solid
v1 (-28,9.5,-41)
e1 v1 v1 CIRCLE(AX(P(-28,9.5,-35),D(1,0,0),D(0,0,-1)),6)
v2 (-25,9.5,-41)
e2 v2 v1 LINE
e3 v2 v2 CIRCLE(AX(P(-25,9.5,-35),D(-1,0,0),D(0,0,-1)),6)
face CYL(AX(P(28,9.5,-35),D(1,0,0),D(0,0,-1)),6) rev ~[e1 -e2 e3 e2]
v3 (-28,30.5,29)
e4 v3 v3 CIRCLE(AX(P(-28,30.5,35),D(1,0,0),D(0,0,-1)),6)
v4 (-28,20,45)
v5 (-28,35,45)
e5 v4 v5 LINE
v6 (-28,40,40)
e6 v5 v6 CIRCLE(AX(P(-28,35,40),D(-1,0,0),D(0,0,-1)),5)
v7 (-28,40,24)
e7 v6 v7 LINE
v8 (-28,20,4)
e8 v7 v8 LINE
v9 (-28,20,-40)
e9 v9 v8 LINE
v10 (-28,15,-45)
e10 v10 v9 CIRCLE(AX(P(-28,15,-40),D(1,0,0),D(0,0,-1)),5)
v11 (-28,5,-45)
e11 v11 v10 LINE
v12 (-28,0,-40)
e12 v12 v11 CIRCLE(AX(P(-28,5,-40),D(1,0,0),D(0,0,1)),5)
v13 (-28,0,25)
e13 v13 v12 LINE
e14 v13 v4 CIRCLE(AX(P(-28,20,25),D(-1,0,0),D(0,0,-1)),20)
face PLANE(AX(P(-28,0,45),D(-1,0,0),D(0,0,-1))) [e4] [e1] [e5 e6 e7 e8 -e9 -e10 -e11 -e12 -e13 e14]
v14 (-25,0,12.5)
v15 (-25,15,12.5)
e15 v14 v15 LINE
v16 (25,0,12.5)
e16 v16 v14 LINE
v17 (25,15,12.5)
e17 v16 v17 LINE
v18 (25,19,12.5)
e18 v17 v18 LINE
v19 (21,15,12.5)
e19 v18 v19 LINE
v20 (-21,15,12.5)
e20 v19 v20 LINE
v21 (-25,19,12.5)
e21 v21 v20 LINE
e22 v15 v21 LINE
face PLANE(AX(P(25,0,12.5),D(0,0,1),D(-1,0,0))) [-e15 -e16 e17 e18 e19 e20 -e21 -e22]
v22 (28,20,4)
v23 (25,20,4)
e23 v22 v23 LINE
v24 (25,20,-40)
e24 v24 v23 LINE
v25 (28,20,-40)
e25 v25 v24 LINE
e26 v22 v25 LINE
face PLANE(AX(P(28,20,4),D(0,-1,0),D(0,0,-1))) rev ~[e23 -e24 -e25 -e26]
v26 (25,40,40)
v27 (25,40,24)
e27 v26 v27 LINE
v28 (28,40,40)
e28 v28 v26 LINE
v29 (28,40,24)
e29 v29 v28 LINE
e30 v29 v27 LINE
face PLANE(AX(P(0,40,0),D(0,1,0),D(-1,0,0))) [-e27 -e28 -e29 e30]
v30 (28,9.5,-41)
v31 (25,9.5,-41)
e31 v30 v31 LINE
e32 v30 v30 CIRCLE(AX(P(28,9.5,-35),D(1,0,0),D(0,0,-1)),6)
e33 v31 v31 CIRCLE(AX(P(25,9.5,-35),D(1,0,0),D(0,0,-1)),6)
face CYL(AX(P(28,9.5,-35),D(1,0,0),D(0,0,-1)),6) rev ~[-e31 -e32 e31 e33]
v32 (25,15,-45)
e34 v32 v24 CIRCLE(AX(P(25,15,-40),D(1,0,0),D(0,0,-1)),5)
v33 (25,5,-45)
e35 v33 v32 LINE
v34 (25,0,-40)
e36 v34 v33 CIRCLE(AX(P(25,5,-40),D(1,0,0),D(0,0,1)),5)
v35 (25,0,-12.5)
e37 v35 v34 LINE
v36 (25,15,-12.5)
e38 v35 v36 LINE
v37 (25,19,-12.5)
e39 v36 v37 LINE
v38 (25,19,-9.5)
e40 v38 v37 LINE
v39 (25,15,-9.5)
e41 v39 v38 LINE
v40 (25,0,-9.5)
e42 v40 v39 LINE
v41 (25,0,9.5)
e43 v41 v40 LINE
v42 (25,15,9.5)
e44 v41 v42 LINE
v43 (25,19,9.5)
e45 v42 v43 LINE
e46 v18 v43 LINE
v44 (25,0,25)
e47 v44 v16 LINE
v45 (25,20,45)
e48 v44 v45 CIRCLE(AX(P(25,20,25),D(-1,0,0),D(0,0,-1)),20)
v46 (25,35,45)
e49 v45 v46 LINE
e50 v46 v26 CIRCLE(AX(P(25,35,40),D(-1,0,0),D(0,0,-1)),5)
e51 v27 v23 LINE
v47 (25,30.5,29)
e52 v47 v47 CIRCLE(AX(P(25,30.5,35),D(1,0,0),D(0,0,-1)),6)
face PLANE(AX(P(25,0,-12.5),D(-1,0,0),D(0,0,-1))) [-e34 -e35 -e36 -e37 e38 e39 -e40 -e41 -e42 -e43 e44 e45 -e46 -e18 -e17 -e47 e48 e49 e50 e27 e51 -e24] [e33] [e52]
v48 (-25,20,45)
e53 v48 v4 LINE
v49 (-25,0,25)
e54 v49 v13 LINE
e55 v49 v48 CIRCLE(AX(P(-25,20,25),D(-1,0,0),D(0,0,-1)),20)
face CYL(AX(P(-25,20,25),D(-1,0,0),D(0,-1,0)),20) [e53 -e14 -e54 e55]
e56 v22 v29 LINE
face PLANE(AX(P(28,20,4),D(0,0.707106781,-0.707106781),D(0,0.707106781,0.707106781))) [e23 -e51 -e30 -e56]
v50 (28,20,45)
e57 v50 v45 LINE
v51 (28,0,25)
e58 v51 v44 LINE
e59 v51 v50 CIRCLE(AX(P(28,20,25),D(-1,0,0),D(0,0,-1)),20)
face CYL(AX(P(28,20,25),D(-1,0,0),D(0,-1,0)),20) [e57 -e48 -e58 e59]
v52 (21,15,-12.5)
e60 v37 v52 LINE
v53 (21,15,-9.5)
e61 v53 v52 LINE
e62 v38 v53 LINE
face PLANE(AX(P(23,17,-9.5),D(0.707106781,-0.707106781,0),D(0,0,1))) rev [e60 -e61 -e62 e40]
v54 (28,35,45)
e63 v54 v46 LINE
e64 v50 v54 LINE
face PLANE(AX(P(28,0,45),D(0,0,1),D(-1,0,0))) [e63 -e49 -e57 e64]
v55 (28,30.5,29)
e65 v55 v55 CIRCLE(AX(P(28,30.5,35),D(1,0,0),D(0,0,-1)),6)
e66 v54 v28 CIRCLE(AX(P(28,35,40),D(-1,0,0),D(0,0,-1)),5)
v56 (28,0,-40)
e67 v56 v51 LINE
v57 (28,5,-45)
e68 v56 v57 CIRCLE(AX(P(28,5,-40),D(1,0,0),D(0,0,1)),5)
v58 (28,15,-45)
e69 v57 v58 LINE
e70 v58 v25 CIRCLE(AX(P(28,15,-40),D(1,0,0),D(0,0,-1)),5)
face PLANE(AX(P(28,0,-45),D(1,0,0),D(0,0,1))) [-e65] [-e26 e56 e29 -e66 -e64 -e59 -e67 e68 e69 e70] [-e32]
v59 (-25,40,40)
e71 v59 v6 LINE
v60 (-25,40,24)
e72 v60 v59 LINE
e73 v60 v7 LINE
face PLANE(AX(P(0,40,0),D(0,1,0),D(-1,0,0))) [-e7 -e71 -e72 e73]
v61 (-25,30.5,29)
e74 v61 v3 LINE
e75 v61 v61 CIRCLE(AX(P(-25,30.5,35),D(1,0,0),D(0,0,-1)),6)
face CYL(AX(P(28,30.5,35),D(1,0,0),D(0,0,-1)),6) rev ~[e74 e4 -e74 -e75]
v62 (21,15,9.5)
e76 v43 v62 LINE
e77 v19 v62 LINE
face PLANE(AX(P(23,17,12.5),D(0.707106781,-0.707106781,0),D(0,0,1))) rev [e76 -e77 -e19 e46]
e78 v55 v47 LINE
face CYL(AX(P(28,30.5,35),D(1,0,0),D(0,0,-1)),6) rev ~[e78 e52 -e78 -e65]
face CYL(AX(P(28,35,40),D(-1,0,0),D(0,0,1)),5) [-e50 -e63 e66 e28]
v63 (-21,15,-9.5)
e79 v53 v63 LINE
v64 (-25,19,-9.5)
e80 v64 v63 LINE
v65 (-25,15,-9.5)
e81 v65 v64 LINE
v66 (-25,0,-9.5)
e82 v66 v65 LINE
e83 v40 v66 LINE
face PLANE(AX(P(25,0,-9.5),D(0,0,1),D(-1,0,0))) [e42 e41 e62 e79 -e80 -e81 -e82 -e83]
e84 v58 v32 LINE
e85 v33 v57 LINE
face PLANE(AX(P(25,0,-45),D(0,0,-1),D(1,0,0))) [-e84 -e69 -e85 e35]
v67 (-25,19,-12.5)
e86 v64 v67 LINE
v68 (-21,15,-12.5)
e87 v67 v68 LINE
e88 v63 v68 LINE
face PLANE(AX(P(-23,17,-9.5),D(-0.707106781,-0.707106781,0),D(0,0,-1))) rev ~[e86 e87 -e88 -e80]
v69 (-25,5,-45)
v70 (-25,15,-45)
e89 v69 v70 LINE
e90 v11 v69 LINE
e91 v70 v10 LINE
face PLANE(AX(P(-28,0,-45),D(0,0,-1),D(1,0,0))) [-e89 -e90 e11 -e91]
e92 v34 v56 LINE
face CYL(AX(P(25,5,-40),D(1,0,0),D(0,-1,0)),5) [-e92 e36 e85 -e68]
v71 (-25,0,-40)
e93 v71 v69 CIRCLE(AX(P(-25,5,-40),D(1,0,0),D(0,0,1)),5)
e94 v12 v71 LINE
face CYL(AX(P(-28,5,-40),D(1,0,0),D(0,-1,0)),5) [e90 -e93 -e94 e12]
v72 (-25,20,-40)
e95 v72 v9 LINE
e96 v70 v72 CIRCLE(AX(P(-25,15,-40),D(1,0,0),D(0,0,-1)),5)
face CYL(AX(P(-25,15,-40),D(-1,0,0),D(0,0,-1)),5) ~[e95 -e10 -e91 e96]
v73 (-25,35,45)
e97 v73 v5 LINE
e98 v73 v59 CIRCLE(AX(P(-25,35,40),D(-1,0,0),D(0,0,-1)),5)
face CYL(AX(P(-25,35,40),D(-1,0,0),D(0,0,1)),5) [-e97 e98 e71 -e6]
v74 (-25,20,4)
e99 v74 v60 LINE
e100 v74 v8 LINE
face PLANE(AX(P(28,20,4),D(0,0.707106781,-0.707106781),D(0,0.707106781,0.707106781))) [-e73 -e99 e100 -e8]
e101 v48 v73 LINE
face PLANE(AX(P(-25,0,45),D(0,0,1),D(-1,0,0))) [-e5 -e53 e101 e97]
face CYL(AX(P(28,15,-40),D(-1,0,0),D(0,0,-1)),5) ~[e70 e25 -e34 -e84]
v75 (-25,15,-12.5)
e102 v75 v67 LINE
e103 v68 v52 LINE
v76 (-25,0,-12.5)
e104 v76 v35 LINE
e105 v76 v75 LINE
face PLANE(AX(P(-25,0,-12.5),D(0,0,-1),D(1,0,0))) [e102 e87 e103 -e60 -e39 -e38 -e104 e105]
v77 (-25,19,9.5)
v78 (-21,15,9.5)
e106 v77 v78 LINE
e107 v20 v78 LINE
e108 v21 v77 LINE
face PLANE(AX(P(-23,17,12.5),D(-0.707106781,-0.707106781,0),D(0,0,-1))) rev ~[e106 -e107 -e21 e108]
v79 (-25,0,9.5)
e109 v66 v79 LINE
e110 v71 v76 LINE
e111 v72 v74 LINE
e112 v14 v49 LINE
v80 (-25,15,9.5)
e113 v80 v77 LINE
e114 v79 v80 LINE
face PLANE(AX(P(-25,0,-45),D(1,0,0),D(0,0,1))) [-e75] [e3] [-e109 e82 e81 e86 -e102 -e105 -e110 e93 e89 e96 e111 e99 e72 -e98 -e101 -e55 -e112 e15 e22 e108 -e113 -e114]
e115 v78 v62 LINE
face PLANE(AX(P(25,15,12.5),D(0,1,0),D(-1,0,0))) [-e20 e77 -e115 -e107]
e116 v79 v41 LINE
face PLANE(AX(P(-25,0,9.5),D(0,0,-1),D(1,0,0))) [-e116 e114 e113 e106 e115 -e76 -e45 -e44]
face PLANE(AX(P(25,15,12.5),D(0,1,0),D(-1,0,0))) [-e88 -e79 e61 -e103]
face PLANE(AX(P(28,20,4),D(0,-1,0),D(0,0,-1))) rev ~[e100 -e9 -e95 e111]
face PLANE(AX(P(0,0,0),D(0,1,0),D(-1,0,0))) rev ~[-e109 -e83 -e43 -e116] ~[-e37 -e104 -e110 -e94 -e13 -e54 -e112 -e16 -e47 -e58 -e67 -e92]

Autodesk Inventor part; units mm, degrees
ref_plane "YZ Plane" through (0, 0, 0) normal (1, 0, 0) x (0, 1, 0)
ref_plane "XZ Plane" through (0, 0, 0) normal (0, 1, 0) x (-1, 0, 0)
ref_plane "XY Plane" through (0, 0, 0) normal (0, 0, 1) x (1, 0, 0)
sketch "Esquisse1" plane through (0, 0, 0) normal (0, 1, 0) x (-1, 0, 0)
  line L0 (-25, -45) -> (-28, -45)
  line L1 (-28, -45) -> (-28, 45)
  line L2 (-28, 45) -> (-25, 45)
  line L3 (-25, 45) -> (-25, -45)
  line L4 (25, 45) -> (28, 45)
  line L5 (28, 45) -> (28, -45)
  line L6 (28, -45) -> (25, -45)
  line L7 (25, -45) -> (25, 45)
  line L8 (-25, 12.5) -> (25, 12.5)
  line L9 (25, 12.5) -> (25, 9.5)
  line L10 (25, 9.5) -> (-25, 9.5)
  line L11 (-25, 9.5) -> (-25, 12.5)
  line L12 (-25, -9.5) -> (25, -9.5)
  line L13 (25, -9.5) -> (25, -12.5)
  line L14 (25, -12.5) -> (-25, -12.5)
  line L15 (-25, -12.5) -> (-25, -9.5)
  point P0 (0, 0)
  dimension "d0" = 50
  dimension "d1" = 3
  dimension "d2" = 3
  dimension "d3" = 3
  dimension "d4" = 3
  dimension "d5" = 25
  dimension "d6" = 90
  dimension "d7" = 25
  dimension "d9" = 45
  dimension "d10" = 12.5
extrude "Extrusion1" add sketch "Esquisse1" along normal blind 40 contours L0 L1 L2 L3 | L3 L12 L7 L14 | L7 L4 L5 L6 | L3 L8 L7 L10
sketch "Esquisse2" plane through (28, 0, 45) normal (1, 0, 0) x (0, 0, -1)
  line L0 (90, 0) -> (90, 40) projected
  line L1 (0, 0) -> (0, 40) projected
  circle A0 centre (80, 9.5) radius 6
  line L2 (0, 40) -> (90, 40) projected
  line L3 (80, 9.5) -> (10, 9.5) construction
  line L4 (10, 9.5) -> (10, 30.5) construction
  line L5 (10, 30.5) -> (80, 30.5) construction
  line L6 (80, 30.5) -> (80, 9.5) construction
  circle A1 centre (10, 30.5) radius 6
  line L7 (0, 0) -> (90, 0) projected
  line L8 (90, 40) -> (41, 40)
  line L9 (41, 40) -> (41, 20)
  line L10 (41, 20) -> (90, 20)
  line L11 (90, 20) -> (90, 40)
  line L12 (41, 40) -> (21, 40)
  line L13 (21, 40) -> (21, 20) construction
  line L14 (21, 20) -> (41, 20) construction
  line L15 (41, 20) -> (41, 40)
  line L16 (41, 20) -> (21, 40)
  point P0 (45, 0)
  dimension "d14" = 12
  dimension "d21" = 10
  dimension "d22" = 10
  dimension "d23" = 12
  dimension "d24" = 21
  dimension "d25" = 9.5
  dimension "d26" = 40
  dimension "d27" = 20
  dimension "d28" = 20
  dimension "d29" = 21
extrude "Extrusion2" cut sketch "Esquisse2" against normal through all contours L10 L9 L2 L0 | L16 L2 L9 | A0 | A1
sketch "Esquisse4" plane through (-25, 0, 12.5) normal (0, 0, 1) x (1, 0, 0)
  line L0 (50, 28.5) -> (0, 28.5) projected
  line L1 (0, 0) -> (0, 28.5) projected
  line L2 (0, 0) -> (50, 0) projected
  line L3 (0, 0) -> (50, 0)
  line L4 (50, 0) -> (50, 15)
  line L5 (50, 15) -> (0, 15)
  line L6 (0, 15) -> (0, 0)
  line L7 (50, 0) -> (50, 40) projected
  line L8 (50, 40) -> (53, 40) projected
  point P0 (25, 0)
  dimension "d33" = 25
extrude "Extrusion3" cut sketch "Esquisse4" against normal through all contours L7 L5 L1 L0
fillet "Congé2" radius 20 2 edges at (26.5, 0, 45) (-26.5, 0, 45)
fillet "Congé3" radius 5 6 edges at (26.5, 40, 45) (-26.5, 40, 45) (26.5, 20, -45) (26.5, 0, -45) (-26.5, 20, -45) (-26.5, 0, -45)
chamfer "Chanfrein1" distance 4 angle 45 4 edges at (-25, 15, 11) (-25, 15, -11) (25, 15, -11) (25, 15, 11)
equation "\"d2\" = d1"
equation "\"d4\" = d3"
equation "\"d5\" = 0.5 * d0"
equation "\"d9\" = 0.5 * d6"
equation "\"d10\" = 0.5 * d7"
equation "\"d23\" = d14"
equation "\"d25\" = -0.5 * d24 + 0.5 * d26"
equation "\"d27\" = 0.5 * d26"
equation "\"d28\" = d27"
properties part number "new_leg_1"
